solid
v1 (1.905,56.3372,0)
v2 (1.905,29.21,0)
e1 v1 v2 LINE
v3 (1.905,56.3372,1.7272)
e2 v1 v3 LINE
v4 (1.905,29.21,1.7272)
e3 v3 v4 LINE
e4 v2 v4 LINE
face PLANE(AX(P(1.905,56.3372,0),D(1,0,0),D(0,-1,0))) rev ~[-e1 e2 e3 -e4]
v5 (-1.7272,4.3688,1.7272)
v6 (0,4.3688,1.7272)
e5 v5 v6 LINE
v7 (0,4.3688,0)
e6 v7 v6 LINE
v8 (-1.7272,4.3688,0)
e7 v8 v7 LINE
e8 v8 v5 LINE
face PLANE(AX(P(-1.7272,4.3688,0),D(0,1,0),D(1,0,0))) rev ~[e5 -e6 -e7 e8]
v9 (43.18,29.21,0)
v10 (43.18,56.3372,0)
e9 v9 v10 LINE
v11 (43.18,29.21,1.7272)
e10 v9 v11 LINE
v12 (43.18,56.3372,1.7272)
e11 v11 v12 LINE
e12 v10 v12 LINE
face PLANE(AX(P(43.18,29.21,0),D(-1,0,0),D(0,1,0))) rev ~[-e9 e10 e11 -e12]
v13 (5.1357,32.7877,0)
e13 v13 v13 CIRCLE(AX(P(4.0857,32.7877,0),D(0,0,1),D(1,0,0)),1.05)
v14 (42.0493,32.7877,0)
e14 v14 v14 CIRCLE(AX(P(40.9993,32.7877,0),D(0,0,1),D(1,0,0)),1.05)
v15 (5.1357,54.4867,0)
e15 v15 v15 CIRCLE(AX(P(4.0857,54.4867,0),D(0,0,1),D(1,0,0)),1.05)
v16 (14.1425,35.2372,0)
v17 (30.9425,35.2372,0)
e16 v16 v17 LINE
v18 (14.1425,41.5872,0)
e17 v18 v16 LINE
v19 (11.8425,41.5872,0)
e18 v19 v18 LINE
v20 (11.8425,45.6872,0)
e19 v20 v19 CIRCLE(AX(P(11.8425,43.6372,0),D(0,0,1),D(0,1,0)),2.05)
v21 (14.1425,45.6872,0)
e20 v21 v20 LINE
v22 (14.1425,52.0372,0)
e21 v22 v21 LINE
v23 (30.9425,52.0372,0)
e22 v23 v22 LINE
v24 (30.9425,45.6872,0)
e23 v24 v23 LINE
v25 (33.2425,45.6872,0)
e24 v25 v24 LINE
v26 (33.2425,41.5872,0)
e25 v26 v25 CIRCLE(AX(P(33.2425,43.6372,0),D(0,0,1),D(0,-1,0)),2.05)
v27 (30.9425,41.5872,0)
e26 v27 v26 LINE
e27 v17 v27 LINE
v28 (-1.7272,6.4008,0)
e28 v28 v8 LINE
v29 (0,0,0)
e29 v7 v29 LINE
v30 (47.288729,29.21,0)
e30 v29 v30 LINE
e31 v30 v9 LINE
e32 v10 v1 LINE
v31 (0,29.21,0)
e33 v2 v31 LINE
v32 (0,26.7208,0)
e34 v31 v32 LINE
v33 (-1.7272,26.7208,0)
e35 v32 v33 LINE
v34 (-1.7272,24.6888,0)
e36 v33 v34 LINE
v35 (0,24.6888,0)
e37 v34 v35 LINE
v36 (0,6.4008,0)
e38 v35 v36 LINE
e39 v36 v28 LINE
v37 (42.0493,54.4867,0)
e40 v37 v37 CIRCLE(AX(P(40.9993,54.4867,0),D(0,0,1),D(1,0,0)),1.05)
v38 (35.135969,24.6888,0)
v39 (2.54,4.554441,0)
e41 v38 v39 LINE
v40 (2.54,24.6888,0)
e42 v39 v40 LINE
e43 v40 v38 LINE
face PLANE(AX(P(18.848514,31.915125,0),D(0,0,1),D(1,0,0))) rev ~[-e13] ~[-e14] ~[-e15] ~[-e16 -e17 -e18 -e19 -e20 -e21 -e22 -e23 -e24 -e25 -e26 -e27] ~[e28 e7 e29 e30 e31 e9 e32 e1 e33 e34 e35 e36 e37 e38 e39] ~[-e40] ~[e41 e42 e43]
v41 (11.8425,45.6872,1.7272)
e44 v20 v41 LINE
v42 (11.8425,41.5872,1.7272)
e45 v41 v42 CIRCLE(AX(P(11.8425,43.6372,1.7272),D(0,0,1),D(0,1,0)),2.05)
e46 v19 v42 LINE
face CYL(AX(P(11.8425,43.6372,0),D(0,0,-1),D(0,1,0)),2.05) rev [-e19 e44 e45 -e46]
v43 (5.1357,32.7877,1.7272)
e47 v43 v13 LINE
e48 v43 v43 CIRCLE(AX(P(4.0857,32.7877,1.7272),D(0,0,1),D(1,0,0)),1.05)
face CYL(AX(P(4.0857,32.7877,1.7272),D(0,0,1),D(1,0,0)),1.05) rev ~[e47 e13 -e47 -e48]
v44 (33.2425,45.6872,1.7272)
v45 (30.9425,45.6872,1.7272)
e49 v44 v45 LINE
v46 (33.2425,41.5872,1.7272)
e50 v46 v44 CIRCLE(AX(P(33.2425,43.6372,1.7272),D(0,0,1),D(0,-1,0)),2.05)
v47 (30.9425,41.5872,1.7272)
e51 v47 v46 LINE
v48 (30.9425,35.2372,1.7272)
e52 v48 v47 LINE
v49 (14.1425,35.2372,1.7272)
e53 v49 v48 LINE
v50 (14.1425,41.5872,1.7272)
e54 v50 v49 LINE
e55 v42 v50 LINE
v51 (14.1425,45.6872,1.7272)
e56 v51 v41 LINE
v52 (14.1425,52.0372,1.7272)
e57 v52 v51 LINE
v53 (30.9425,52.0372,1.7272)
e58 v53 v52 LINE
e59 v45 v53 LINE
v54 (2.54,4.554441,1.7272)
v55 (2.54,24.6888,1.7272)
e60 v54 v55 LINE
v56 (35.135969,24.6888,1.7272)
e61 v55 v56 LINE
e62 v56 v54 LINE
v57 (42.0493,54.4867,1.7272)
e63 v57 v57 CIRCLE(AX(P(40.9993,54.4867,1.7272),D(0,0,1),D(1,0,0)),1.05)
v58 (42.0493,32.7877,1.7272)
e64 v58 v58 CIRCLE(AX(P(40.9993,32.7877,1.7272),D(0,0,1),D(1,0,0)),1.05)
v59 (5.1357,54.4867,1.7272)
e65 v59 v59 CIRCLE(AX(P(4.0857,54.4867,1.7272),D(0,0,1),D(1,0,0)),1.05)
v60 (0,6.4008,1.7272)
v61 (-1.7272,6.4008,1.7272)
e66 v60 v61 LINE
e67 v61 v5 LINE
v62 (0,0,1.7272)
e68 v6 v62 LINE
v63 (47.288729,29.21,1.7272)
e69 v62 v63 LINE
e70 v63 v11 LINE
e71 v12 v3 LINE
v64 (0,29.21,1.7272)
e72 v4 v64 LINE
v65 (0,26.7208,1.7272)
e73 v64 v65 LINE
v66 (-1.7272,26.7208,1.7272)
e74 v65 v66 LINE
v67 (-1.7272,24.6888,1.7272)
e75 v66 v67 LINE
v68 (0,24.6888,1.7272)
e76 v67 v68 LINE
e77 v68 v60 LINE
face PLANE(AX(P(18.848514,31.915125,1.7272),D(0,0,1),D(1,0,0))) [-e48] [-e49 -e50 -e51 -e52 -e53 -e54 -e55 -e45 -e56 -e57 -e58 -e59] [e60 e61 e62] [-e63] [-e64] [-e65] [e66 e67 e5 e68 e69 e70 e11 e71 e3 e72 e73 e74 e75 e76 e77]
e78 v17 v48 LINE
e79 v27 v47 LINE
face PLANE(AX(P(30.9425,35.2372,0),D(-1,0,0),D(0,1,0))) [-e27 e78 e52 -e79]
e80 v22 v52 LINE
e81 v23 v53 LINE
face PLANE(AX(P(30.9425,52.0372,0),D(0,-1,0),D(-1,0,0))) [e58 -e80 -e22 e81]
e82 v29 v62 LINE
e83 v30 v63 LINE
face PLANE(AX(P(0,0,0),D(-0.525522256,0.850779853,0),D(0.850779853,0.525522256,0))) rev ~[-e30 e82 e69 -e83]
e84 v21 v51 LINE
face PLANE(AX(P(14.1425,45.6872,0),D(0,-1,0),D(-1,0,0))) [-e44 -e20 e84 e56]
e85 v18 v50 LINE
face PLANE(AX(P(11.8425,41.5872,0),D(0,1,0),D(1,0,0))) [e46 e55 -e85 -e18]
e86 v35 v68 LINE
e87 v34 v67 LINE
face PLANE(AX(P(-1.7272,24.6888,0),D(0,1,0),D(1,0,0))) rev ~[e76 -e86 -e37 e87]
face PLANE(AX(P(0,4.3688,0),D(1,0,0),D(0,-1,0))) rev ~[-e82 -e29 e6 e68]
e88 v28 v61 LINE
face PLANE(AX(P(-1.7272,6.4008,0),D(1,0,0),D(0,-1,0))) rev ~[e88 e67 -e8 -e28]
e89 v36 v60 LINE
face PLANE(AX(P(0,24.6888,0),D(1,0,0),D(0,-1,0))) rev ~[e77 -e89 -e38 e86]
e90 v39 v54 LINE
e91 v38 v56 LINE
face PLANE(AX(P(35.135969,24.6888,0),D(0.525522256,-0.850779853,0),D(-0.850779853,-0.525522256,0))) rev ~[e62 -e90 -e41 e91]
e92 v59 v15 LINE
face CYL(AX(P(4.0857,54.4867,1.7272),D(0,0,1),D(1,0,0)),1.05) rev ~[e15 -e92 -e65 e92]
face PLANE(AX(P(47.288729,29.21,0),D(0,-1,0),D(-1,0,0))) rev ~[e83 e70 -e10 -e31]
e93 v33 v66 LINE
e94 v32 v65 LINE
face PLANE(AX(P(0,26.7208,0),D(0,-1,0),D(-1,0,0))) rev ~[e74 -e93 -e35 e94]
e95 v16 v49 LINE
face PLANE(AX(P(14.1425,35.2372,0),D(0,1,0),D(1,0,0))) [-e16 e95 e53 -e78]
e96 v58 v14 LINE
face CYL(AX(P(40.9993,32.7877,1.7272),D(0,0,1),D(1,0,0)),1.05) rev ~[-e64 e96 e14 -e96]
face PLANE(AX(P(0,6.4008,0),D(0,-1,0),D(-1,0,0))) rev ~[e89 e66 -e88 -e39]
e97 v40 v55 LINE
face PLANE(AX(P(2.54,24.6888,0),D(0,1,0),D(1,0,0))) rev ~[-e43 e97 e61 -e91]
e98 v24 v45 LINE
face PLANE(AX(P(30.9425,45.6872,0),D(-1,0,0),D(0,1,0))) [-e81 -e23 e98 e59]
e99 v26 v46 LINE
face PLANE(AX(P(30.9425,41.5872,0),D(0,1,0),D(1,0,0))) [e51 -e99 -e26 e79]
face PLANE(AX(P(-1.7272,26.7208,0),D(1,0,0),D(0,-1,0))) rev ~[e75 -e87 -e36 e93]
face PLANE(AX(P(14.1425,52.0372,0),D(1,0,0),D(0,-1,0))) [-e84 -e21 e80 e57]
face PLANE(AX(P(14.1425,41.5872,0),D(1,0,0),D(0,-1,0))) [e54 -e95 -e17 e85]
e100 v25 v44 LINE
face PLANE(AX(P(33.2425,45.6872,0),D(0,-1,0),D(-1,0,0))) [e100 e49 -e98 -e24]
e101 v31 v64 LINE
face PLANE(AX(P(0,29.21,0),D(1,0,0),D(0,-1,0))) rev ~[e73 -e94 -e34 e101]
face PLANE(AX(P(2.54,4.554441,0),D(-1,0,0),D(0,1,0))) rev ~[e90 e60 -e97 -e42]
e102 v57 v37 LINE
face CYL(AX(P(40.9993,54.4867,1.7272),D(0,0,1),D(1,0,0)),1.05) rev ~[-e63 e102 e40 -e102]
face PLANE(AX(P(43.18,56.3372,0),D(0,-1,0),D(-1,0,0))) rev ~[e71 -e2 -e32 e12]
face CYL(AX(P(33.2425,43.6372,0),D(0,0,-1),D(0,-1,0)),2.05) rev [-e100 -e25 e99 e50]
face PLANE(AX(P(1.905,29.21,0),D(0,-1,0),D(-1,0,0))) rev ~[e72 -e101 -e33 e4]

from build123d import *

# Parameters (mm, degrees)
BOSS_EXTRUDE1_DEPTH = 1.7272
SKETCH3_R           = 1.05
CUT_EXTRUDE1_DEPTH  = 1.7272


with BuildPart() as part:
    # Sketch1 → Boss-Extrude1 (new body)
    with BuildSketch(Plane.XY):
        Polygon((0, 0), (47.288728977, 29.21), (43.18, 29.21), (43.18, 56.3372), (1.905, 56.3372), (1.905, 29.21), (0, 29.21), (0, 26.7208), (-1.7272, 26.7208), (-1.7272, 24.6888), (0, 24.6888), (0, 6.4008), (-1.7272, 6.4008), (-1.7272, 4.3688), (0, 4.3688), align=None)
        Polygon((2.54, 24.6888), (35.135968928, 24.6888), (2.54, 4.554440863), align=None, mode=Mode.SUBTRACT)
        with BuildLine():
            Line((14.1425, 41.5872), (14.1425, 35.2372))
            Line((14.1425, 35.2372), (30.9425, 35.2372))
            Line((30.9425, 35.2372), (30.9425, 41.5872))
            Line((30.9425, 41.5872), (33.2425, 41.5872))
            ThreePointArc((33.2425, 41.5872), (35.2925, 43.6372), (33.2425, 45.6872))
            Line((33.2425, 45.6872), (30.9425, 45.6872))
            Line((30.9425, 45.6872), (30.9425, 52.0372))
            Line((30.9425, 52.0372), (14.1425, 52.0372))
            Line((14.1425, 52.0372), (14.1425, 45.6872))
            Line((14.1425, 45.6872), (11.8425, 45.6872))
            ThreePointArc((11.8425, 45.6872), (9.7925, 43.6372), (11.8425, 41.5872))
            Line((11.8425, 41.5872), (14.1425, 41.5872))
        make_face(mode=Mode.SUBTRACT)
    extrude(amount=BOSS_EXTRUDE1_DEPTH)

    # Sketch3 → Cut-Extrude1 (cut)
    with BuildSketch(Plane(origin=(22.5425, 43.6372, 1.7272), x_dir=(1, 0, 0), z_dir=(0, 0, 1))):
        with Locations((-18.4568, 10.8495)):
            Circle(SKETCH3_R)
        with Locations((-18.4568, -10.8495)):
            Circle(SKETCH3_R)
        with Locations((18.4568, -10.8495)):
            Circle(SKETCH3_R)
        with Locations((18.4568, 10.8495)):
            Circle(SKETCH3_R)
    extrude(amount=-CUT_EXTRUDE1_DEPTH, mode=Mode.SUBTRACT)


solid = part.part
